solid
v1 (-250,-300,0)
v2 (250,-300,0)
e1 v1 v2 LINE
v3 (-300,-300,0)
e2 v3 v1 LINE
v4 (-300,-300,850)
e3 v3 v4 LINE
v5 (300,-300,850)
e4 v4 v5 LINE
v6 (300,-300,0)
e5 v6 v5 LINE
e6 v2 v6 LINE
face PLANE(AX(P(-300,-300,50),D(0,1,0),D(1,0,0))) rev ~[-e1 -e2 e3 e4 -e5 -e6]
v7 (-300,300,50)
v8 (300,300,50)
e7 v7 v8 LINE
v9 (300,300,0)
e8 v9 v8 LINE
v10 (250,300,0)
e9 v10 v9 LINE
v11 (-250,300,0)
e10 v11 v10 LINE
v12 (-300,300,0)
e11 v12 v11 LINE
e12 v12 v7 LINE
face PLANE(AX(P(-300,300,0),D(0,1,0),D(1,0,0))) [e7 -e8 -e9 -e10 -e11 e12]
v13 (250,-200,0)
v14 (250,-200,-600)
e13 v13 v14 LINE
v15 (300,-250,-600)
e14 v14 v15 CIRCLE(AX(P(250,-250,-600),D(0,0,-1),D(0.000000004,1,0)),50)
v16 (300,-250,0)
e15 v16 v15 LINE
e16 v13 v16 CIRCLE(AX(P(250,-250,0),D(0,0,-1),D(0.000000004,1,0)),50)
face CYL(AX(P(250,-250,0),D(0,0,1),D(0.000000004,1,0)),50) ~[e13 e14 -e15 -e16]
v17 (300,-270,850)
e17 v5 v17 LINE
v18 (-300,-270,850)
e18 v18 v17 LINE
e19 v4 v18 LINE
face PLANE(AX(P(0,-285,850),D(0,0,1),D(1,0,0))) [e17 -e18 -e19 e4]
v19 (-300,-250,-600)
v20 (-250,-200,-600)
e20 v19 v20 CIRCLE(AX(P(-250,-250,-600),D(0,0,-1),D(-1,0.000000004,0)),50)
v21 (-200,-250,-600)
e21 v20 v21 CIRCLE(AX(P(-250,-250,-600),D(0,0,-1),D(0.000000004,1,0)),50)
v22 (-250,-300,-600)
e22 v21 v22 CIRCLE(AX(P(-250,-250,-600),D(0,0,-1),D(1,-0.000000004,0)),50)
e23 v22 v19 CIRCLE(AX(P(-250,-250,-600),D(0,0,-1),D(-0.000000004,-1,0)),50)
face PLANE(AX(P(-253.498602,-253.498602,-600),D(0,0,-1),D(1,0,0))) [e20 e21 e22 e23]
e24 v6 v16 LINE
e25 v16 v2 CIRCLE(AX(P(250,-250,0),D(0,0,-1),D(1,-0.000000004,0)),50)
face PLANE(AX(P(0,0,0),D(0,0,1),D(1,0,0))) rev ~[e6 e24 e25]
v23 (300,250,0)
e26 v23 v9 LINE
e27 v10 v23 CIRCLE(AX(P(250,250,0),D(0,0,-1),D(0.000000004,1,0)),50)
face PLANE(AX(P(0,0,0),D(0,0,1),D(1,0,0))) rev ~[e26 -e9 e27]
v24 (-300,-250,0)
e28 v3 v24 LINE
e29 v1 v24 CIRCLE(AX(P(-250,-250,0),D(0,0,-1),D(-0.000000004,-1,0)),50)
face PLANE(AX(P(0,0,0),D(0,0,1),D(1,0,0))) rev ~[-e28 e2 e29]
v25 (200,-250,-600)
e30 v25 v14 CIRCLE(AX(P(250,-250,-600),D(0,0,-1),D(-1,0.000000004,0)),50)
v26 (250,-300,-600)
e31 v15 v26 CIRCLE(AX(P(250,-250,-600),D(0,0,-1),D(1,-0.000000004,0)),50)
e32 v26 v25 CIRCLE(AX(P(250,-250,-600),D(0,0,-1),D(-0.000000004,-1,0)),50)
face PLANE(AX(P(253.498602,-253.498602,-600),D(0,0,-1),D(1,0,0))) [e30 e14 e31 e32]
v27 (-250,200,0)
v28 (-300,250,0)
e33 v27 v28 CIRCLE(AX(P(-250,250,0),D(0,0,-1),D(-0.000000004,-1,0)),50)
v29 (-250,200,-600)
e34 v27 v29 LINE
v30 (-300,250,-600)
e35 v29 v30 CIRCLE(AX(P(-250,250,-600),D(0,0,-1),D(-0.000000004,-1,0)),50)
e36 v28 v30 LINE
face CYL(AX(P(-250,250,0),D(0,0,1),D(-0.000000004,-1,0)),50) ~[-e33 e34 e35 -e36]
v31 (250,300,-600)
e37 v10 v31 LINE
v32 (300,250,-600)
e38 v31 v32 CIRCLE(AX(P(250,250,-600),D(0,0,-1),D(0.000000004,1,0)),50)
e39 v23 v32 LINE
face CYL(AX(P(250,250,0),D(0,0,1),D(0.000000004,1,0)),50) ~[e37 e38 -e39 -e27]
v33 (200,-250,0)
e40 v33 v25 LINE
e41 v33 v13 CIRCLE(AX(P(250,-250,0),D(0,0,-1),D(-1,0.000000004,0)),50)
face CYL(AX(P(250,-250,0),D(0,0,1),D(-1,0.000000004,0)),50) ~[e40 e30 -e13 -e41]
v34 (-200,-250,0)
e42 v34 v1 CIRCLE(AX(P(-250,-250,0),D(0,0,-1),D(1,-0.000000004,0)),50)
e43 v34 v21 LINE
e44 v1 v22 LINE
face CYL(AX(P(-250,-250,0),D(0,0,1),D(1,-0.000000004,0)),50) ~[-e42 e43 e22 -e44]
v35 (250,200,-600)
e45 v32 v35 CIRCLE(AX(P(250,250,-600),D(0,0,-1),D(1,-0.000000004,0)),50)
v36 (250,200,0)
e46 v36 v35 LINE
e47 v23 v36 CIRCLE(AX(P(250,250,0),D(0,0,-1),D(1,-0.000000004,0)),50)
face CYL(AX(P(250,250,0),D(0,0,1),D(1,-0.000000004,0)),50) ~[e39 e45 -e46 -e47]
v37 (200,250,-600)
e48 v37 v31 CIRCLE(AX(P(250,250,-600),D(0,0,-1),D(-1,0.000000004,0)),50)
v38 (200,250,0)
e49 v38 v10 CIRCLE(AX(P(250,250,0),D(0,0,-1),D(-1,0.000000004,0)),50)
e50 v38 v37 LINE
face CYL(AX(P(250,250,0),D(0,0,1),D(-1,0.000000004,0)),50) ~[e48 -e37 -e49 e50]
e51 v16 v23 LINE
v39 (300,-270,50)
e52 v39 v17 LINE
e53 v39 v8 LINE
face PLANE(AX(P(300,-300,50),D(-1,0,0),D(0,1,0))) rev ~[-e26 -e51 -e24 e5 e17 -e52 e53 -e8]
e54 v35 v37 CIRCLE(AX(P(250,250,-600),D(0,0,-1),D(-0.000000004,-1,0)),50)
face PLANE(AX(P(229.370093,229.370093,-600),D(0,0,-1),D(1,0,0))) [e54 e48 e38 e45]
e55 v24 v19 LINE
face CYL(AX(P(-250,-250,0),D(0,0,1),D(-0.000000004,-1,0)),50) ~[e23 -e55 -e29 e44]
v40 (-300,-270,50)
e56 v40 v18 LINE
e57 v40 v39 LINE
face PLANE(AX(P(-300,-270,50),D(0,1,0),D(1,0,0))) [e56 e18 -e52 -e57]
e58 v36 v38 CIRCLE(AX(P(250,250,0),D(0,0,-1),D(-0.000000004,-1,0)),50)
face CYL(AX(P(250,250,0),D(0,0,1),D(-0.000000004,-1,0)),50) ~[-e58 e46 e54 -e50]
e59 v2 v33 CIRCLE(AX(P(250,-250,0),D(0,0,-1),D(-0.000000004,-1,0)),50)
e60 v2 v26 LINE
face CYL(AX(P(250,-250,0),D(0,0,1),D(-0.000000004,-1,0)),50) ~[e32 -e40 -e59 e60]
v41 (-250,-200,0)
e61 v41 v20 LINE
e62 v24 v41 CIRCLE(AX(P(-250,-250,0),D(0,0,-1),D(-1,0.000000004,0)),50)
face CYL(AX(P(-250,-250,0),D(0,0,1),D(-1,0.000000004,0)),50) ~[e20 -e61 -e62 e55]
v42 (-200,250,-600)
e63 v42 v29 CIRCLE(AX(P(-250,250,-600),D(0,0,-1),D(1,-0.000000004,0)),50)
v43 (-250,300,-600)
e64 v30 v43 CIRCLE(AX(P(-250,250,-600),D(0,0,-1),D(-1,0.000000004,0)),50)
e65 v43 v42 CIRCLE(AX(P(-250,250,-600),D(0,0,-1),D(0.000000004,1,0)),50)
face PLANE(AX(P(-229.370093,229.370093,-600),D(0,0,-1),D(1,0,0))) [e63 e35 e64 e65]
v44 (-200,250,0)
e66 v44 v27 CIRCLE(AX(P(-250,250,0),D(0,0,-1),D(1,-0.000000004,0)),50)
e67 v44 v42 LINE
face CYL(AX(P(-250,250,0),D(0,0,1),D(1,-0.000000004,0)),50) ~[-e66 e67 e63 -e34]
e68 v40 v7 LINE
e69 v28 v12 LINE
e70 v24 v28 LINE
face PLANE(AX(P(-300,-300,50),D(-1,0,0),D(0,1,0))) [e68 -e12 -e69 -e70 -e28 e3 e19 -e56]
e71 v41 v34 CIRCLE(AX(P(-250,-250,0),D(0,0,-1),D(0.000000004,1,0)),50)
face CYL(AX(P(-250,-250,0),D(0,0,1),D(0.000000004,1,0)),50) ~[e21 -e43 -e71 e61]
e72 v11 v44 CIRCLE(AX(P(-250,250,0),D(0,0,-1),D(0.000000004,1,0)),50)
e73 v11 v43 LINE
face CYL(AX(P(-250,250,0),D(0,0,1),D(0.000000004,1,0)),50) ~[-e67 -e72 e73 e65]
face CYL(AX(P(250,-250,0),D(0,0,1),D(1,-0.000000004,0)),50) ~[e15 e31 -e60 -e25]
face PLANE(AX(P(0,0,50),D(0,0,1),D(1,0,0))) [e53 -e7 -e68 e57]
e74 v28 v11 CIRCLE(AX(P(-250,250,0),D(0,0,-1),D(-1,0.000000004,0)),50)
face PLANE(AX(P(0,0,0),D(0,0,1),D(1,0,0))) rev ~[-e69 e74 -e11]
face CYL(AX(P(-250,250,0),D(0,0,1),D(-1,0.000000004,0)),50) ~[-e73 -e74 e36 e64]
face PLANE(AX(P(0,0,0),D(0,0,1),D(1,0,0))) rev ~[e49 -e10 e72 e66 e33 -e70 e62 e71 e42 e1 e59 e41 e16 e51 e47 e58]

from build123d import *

# Parameters (mm, degrees)
F0_W     = 600
F0_H     = 600
F1_DEPTH = 50
F2_W     = 600
F2_H     = 30
F3_DEPTH = 800
F5_DEPTH = 600


with BuildPart() as f1:
    # F0 (on Top) → F1 (new body)
    with BuildSketch(Plane.XY):
        Rectangle(F0_W, F0_H)
    extrude(amount=F1_DEPTH)

    # F2 (on face) → F3 (join)
    with BuildSketch(Plane.XY.offset(50)):
        with Locations((0, -285)):
            Rectangle(F2_W, F2_H)
    extrude(amount=F3_DEPTH)

    # F4 (on face) → F5 (join)
    with BuildSketch(Plane(origin=(0, 0, 0), x_dir=(1, 0, 0), z_dir=(0, 0, -1))):
        with BuildLine():
            Line((-250, 250), (-200, 250))
            ThreePointArc((-200, 250), (-214.644661, 285.355339), (-250, 300))
            ThreePointArc((-250, 300), (-285.355339, 285.355339), (-300, 250))
            ThreePointArc((-300, 250), (-285.355339, 214.644661), (-250, 200))
            Line((-250, 200), (-250, 250))
        make_face()
        with BuildLine():
            ThreePointArc((-250, 200), (-214.644661, 214.644661), (-200, 250))
            Line((-200, 250), (-250, 250))
            Line((-250, 250), (-250, 200))
        make_face()
        with BuildLine():
            ThreePointArc((250, 300), (214.644661, 285.355339), (200, 250))
            Line((200, 250), (250, 250))
            Line((250, 250), (250, 200))
            ThreePointArc((250, 200), (285.355339, 214.644661), (300, 250))
            ThreePointArc((300, 250), (285.355339, 285.355339), (250, 300))
        make_face()
        with BuildLine():
            ThreePointArc((-200, -250), (-214.644661, -214.644661), (-250, -200))
            Line((-250, -200), (-250, -250))
            Line((-250, -250), (-200, -250))
        make_face()
        with BuildLine():
            Line((-250, -250), (-250, -200))
            ThreePointArc((-250, -200), (-285.355339, -214.644661), (-300, -250))
            ThreePointArc((-300, -250), (-285.355339, -285.355339), (-250, -300))
            ThreePointArc((-250, -300), (-214.644661, -285.355339), (-200, -250))
            Line((-200, -250), (-250, -250))
        make_face()
        with BuildLine():
            Line((250, -250), (250, -200))
            ThreePointArc((250, -200), (214.644661, -214.644661), (200, -250))
            Line((200, -250), (250, -250))
        make_face()
        with BuildLine():
            ThreePointArc((300, -250), (285.355339, -214.644661), (250, -200))
            Line((250, -200), (250, -250))
            Line((250, -250), (200, -250))
            ThreePointArc((200, -250), (214.644661, -285.355339), (250, -300))
            ThreePointArc((250, -300), (285.355339, -285.355339), (300, -250))
        make_face()
        with BuildLine():
            Line((250, 250), (200, 250))
            ThreePointArc((200, 250), (214.644661, 214.644661), (250, 200))
            Line((250, 200), (250, 250))
        make_face()
    extrude(amount=F5_DEPTH)


solid = f1.part
